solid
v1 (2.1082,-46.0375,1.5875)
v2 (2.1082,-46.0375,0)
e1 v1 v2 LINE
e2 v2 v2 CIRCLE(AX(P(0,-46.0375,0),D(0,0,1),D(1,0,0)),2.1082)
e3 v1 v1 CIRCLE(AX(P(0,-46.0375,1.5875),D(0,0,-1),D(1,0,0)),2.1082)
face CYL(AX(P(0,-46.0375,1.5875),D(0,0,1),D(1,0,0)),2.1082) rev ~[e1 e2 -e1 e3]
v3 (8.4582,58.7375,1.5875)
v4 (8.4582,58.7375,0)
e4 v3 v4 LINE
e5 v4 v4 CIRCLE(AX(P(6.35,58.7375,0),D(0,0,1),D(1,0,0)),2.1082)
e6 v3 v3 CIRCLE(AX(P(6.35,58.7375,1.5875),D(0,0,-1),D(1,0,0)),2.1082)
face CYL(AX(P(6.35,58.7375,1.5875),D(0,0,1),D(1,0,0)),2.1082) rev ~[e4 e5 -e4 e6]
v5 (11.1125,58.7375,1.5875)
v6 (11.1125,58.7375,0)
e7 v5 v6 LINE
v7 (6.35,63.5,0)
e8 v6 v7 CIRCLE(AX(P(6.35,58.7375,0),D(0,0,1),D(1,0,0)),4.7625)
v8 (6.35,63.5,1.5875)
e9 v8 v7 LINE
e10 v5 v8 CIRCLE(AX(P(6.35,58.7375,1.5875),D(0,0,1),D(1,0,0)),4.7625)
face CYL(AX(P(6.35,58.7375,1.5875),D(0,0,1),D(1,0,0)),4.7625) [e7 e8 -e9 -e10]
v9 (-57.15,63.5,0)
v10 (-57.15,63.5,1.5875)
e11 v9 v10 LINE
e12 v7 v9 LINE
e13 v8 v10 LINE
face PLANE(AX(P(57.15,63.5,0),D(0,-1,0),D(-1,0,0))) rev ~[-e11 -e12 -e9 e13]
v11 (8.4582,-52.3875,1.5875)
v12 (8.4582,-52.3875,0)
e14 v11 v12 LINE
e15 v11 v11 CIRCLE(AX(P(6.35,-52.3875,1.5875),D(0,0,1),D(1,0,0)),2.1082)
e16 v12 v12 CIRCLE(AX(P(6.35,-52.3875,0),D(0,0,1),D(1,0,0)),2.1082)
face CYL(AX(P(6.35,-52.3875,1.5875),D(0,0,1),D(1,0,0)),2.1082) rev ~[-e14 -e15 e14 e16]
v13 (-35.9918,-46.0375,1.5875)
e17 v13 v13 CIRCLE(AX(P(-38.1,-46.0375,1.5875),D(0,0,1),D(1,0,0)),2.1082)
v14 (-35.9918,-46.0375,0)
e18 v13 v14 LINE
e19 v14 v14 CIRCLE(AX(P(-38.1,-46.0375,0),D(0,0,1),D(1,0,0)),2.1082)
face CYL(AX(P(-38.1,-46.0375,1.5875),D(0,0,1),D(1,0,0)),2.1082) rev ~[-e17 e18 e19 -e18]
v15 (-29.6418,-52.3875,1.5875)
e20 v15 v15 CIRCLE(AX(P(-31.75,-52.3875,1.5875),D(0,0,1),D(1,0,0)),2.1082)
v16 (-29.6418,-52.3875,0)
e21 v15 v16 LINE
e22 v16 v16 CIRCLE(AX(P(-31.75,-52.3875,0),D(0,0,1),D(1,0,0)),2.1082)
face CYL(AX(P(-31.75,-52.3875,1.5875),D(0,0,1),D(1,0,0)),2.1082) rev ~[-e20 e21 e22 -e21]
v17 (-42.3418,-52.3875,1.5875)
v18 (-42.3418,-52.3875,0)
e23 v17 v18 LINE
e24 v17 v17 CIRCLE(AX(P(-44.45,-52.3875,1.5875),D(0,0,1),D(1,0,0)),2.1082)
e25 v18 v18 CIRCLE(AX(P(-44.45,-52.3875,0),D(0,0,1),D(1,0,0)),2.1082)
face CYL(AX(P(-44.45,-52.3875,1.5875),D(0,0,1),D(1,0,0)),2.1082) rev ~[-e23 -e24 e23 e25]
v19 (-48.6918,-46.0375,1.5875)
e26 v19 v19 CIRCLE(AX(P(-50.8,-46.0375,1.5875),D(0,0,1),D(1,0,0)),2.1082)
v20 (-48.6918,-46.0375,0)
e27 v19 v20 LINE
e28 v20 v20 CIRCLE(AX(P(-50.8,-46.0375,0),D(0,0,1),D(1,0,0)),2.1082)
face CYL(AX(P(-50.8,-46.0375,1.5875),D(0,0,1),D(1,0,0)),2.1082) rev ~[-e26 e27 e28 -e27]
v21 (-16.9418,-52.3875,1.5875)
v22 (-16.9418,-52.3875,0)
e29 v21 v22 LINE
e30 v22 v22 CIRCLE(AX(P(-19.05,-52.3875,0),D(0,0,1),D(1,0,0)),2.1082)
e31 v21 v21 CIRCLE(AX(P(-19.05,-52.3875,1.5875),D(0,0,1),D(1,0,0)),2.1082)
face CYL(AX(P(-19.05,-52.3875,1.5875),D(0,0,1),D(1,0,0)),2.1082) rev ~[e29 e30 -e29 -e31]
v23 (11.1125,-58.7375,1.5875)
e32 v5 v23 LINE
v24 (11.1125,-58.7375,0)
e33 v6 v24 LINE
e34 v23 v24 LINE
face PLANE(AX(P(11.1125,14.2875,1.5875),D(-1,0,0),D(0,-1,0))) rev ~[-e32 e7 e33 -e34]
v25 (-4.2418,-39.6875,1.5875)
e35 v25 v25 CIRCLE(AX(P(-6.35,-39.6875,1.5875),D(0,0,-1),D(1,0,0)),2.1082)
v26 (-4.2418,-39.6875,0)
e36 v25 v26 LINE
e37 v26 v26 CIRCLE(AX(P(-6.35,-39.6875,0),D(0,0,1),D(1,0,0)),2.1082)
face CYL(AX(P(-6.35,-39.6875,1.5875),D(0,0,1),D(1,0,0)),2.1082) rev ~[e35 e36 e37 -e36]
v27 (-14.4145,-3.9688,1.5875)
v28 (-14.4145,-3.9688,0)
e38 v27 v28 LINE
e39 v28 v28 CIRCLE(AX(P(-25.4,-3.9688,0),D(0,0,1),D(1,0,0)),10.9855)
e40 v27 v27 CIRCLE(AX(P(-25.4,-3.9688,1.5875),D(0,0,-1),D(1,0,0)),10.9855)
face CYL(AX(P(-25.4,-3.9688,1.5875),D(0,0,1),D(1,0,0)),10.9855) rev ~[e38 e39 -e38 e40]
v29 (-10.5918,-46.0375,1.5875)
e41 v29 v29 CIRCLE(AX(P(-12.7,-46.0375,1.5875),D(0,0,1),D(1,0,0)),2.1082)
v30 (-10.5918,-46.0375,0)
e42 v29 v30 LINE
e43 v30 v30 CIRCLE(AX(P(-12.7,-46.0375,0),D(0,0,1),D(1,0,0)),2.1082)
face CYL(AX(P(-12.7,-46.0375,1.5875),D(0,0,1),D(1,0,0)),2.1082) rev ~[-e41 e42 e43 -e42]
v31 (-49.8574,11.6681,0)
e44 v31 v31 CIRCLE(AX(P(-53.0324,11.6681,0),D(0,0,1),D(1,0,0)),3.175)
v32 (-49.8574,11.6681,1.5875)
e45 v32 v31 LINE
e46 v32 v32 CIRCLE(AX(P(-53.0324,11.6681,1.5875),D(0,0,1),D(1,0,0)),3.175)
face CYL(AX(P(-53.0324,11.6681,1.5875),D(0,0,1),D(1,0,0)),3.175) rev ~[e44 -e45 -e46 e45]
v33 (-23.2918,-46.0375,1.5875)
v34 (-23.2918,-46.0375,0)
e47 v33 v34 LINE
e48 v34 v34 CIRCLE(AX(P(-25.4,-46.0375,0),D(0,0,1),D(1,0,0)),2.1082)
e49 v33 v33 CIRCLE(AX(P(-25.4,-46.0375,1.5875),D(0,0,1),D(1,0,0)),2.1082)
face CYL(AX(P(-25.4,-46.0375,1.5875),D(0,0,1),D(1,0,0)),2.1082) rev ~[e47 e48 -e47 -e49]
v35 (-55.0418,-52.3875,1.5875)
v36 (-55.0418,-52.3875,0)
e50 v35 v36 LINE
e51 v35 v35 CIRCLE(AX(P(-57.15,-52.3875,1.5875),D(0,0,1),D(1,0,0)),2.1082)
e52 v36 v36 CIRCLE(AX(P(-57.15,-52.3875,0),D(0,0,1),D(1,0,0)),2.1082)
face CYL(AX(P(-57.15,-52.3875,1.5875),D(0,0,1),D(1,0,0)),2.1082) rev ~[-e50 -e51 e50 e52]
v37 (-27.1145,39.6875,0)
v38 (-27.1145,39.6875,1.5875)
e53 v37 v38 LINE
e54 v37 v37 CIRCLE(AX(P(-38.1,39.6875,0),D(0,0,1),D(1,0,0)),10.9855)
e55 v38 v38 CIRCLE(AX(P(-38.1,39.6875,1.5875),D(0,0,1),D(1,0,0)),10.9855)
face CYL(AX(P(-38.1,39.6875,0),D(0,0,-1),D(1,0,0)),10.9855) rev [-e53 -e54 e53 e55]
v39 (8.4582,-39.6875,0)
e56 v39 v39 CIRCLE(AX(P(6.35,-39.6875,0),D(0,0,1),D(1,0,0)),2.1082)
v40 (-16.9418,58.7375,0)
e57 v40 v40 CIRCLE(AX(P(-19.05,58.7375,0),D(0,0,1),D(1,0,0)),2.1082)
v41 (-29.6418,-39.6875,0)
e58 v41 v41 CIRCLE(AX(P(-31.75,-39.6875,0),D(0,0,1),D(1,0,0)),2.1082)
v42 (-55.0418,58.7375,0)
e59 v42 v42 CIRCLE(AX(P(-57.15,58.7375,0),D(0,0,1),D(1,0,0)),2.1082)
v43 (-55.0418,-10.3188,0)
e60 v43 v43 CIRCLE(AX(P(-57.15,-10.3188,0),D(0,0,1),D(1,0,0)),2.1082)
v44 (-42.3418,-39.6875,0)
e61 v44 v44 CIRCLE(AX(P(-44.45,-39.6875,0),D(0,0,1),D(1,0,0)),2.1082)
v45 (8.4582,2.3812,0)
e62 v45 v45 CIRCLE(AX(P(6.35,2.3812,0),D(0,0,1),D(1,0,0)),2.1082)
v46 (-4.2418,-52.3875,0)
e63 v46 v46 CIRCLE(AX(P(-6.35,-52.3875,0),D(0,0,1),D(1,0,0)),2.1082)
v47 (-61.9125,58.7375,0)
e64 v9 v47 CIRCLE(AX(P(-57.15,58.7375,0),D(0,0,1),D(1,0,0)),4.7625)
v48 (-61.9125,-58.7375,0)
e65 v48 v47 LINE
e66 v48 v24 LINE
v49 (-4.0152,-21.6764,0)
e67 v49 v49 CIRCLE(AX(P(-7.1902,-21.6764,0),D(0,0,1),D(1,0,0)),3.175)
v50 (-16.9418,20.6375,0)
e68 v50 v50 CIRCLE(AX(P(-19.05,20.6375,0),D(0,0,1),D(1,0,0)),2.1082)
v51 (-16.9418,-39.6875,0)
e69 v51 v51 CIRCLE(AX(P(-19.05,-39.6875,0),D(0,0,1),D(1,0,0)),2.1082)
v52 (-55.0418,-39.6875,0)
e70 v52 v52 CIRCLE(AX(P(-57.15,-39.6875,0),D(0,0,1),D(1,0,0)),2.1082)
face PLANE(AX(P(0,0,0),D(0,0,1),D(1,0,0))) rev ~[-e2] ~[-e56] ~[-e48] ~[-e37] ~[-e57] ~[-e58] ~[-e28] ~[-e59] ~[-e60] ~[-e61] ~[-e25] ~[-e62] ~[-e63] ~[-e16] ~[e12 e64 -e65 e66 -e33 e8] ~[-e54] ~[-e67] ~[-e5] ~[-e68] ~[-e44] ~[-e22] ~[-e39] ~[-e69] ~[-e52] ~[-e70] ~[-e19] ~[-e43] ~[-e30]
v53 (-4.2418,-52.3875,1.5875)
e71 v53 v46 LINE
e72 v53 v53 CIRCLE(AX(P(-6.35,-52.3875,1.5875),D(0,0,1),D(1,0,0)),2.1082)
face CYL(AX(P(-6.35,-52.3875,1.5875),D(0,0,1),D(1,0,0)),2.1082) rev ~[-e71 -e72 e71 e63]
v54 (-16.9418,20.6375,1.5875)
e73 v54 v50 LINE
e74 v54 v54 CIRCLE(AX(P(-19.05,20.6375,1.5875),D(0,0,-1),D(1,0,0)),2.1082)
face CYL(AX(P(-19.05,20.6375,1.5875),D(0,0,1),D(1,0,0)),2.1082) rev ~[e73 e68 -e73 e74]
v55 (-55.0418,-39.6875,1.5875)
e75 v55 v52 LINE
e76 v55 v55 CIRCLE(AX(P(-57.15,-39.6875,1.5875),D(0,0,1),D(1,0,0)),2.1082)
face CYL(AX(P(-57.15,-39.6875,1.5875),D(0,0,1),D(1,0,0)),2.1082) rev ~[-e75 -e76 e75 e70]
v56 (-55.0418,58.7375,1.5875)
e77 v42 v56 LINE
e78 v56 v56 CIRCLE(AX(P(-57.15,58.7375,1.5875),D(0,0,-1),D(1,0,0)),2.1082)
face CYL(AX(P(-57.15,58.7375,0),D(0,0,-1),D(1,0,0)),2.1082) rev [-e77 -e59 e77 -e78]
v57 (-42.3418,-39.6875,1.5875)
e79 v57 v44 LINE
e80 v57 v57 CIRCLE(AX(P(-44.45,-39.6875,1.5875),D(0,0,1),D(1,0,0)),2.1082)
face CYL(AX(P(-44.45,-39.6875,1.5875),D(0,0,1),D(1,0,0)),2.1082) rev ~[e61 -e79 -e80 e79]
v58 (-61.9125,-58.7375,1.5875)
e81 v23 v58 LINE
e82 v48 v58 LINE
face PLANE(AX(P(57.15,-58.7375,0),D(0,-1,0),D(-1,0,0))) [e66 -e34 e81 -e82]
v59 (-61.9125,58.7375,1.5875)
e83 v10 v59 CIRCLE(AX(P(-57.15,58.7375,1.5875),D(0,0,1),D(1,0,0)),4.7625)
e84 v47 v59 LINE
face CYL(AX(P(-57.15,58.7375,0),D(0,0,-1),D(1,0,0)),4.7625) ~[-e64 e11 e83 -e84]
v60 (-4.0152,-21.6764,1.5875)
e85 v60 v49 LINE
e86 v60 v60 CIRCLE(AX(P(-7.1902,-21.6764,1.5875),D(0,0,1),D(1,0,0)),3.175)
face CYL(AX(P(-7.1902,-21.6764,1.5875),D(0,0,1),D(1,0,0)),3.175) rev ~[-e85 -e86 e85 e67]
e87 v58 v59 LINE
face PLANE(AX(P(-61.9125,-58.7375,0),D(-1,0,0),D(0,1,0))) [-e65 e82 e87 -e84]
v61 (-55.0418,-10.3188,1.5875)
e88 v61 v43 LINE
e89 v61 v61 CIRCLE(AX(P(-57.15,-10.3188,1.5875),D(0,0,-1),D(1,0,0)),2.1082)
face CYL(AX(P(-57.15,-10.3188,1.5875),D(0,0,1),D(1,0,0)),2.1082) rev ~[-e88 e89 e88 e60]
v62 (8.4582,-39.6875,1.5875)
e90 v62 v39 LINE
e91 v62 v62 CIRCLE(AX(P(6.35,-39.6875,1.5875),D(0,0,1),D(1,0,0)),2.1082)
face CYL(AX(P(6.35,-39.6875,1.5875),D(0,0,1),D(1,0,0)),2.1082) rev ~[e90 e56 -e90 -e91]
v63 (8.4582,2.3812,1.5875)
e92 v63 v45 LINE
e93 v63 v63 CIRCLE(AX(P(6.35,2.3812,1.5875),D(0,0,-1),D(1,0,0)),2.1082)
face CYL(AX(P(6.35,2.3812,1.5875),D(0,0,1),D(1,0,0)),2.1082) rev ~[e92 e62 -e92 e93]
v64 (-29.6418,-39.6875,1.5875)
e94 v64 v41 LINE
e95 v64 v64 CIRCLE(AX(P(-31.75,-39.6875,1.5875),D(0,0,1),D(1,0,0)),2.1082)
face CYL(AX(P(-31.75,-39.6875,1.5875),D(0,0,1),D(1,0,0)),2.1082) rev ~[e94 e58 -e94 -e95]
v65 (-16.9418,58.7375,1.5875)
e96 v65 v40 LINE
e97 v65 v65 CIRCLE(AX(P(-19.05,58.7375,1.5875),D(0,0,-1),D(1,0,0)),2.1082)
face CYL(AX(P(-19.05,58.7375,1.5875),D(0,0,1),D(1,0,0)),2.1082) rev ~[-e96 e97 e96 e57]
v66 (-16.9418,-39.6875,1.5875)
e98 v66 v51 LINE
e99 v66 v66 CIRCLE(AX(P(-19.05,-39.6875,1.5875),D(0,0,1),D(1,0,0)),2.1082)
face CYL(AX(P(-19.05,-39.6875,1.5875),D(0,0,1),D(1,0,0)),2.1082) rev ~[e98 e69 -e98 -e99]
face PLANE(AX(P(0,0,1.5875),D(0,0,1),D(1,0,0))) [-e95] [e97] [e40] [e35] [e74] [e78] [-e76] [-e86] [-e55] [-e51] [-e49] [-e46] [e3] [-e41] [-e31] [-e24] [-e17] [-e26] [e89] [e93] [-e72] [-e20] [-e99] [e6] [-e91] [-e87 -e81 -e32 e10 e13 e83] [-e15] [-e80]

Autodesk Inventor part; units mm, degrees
ref_plane "YZ Plane" through (0, 0, 0) normal (1, 0, 0) x (0, 1, 0)
ref_plane "XZ Plane" through (0, 0, 0) normal (0, 1, 0) x (-1, 0, 0)
ref_plane "XY Plane" through (0, 0, 0) normal (0, 0, 1) x (1, 0, 0)
sketch "Sketch1" plane through (0, 0, 0) normal (0, 0, 1) x (1, 0, 0)
  line L0 (57.15, -58.7375) -> (-57.15, -58.7375)
  line L1 (-57.15, -58.7375) -> (-57.15, 58.7375)
  line L2 (-57.15, 58.7375) -> (57.15, 58.7375)
  line L3 (57.15, 58.7375) -> (57.15, -58.7375)
  line L4 (57.15, -58.7375) -> (-57.15, 58.7375) construction
  line L5 (-57.15, -58.7375) -> (57.15, 58.7375) construction
  line L6 (-57.15, 58.7375) -> (-19.05, 58.7375)
  line L7 (-19.05, 58.7375) -> (-19.05, 20.6375)
  line L8 (-19.05, 20.6375) -> (-57.15, 20.6375)
  line L9 (-57.15, 20.6375) -> (-57.15, 58.7375)
  circle A0 centre (-38.1, 39.6875) radius 19.05
  circle A1 centre (-57.15, 58.7375) radius 4.7625
  circle A2 centre (57.15, 58.7375) radius 4.7625
  line L10 (-57.15, -58.7375) -> (-61.9125, -58.7375)
  line L11 (-61.9125, -58.7375) -> (-61.9125, 58.7375)
  line L12 (57.15, -58.7375) -> (61.9125, -58.7375)
  line L13 (61.9125, -58.7375) -> (61.9125, 58.7375)
  line L14 (57.15, 63.5) -> (-57.15, 63.5)
  circle A3 centre (-38.1, 39.6875) radius 10.9855
  circle A4 centre (-57.15, 58.7375) radius 2.1082
  circle A5 centre (57.15, 58.7375) radius 2.1082
  point P0 (0, 0)
  dimension "d0" = 114.3
  dimension "d1" = 117.475
  dimension "d2" = 38.1
  dimension "d3" = 38.1
  dimension "d4" = 9.525
  dimension "d5" = 9.525
  dimension "d6" = 4.7625
  dimension "d7" = 4.7625
  dimension "d8" = 21.971
  dimension "d9" = 4.2164
  dimension "d10" = 4.2164
extrude "Extrusion1" add sketch "Sketch1" along normal blind 1.5875 contours L0 L1 L8 L7 L2 A2 L3 | L3 A2 L13 L12 | L10 L11 A1 L1 | A2 L2 A5 L3 | L3 A5 L2 A2 | L1 A0 L8 | L2 A1 L14 A2 | L1 A1 L2 A0 | A0 | A0 L7 L8 | A1 L2 A4 L1 | L7 A0 L2 | L1 A4 L2 A1
sketch "Sketch2" plane through (0, 0, 1.5875) normal (0, 0, 1) x (1, 0, 0)
  circle A0 centre (-38.1, 39.6875) radius 10.9855 projected
  line L0 (-38.1, 39.6875) -> (61.9125, 39.6875)
  line L1 (61.9125, -58.7375) -> (61.9125, 58.7375) projected
  circle A1 centre (-38.1, 39.6875) radius 6.35
  circle A2 centre (-12.7, 39.6875) radius 19.05
  circle A3 centre (38.1, 39.6875) radius 31.75
  circle A4 centre (-12.7, 39.6875) radius 10.9855
  circle A5 centre (38.1, 39.6875) radius 10.9855
  line L2 (-61.9125, 58.7375) -> (-61.9125, -58.7375) projected
  line L3 (-61.9125, -3.9688) -> (61.9125, -3.9688)
  line L4 (-38.1, 39.6875) -> (-12.7, 39.6875)
  line L5 (-25.4, 39.6875) -> (-25.4, -3.9688)
  circle A6 centre (-25.4, -3.9688) radius 10.9855
  line L6 (57.15, 63.5) -> (-57.15, 63.5) projected
  line L7 (-61.9125, -58.7375) -> (61.9125, -58.7375) projected
  line L8 (0, -58.7375) -> (0, 63.5)
  circle A7 centre (0, -46.0375) radius 19.05
  circle A8 centre (0, -46.0375) radius 2.1082
  point P0 (0, 0)
  dimension "d13" = 12.7
  dimension "d14" = 38.1
  dimension "d15" = 63.5
  dimension "d16" = 21.971
  dimension "d17" = 21.971
  dimension "d18" = 43.6562
  dimension "d19" = 21.971
  dimension "d20" = 25.4
  dimension "d21" = 38.1
  dimension "d22" = 12.7
  dimension "d23" = 4.2164
extrude "Extrusion2" cut sketch "Sketch2" against normal blind 1.5875 contours A4 L0 | L0 A4 | A6 L3 L5 | L5 L3 A6 | A5 L0 | L0 A5 | L3 A6 | A8 L8 | L8 A8
sketch "Sketch3" plane through (0, 0, 1.5875) normal (0, 0, 1) x (1, 0, 0)
  circle A0 centre (-25.4, -3.9688) radius 10.9855 projected
  circle A1 centre (-38.1, 39.6875) radius 10.9855 projected
  circle A2 centre (0, -46.0375) radius 2.1082 projected
  circle A3 centre (0, -46.0375) radius 19.05
  circle A4 centre (-25.4, -3.9688) radius 19.05
  circle A5 centre (-38.1, 39.6875) radius 19.05
  circle A6 centre (-53.0324, 11.6681) radius 12.7
  circle A7 centre (-7.1902, -21.6764) radius 6.35
  circle A8 centre (-53.0324, 11.6681) radius 3.175
  circle A9 centre (-7.1902, -21.6764) radius 3.175
  point P0 (0, 0)
  dimension "d26" = 38.1
  dimension "d27" = 38.1
  dimension "d28" = 38.1
  dimension "d29" = 25.4
  dimension "d30" = 12.7
  dimension "d31" = 6.35
  dimension "d32" = 6.35
extrude "Extrusion3" cut sketch "Sketch3" against normal blind 25.4 contours A8 | A9
sketch "Sketch4" plane through (0, 0, 1.5875) normal (0, 0, 1) x (1, 0, 0)
  circle A0 centre (0, -46.0375) radius 2.1082 projected
  line L0 (0, -46.0375) -> (-6.35, -46.0375)
  line L1 (-6.35, -46.0375) -> (-6.35, -39.6875)
  line L2 (-6.35, -39.6875) -> (0, -39.6875)
  line L3 (0, -39.6875) -> (0, -46.0375)
  circle A1 centre (-6.35, -39.6875) radius 2.1082
  line L4 (-61.9125, -58.7375) -> (61.9125, -58.7375) projected
  line L5 (-61.9125, 58.7375) -> (-61.9125, -58.7375) projected
  circle A2 centre (6.35, -39.6875) radius 2.1082
  circle A3 centre (19.05, -39.6875) radius 2.1082
  circle A4 centre (31.75, -39.6875) radius 2.1082
  circle A5 centre (44.45, -39.6875) radius 2.1082
  circle A6 centre (57.15, -39.6875) radius 2.1082
  circle A7 centre (-6.35, -52.3875) radius 2.1082
  circle A8 centre (6.35, -52.3875) radius 2.1082
  circle A9 centre (19.05, -52.3875) radius 2.1082
  circle A10 centre (31.75, -52.3875) radius 2.1082
  circle A11 centre (44.45, -52.3875) radius 2.1082
  circle A12 centre (57.15, -52.3875) radius 2.1082
  circle A13 centre (-19.05, -39.6875) radius 2.1082
  circle A14 centre (-31.75, -39.6875) radius 2.1082
  circle A15 centre (-44.45, -39.6875) radius 2.1082
  circle A16 centre (-57.15, -39.6875) radius 2.1082
  circle A17 centre (-6.35, -52.3875) radius 2.1082
  circle A18 centre (-19.05, -52.3875) radius 2.1082
  circle A19 centre (-31.75, -52.3875) radius 2.1082
  circle A20 centre (-44.45, -52.3875) radius 2.1082
  circle A21 centre (-57.15, -52.3875) radius 2.1082
  point P0 (0, 0)
  dimension "d35" = 6.35
  dimension "d36" = 6.35
  dimension "d37" = 4.2164
  dimension "d40" = 12.7
  dimension "d43" = 12.7
  dimension "d48" = 12.7
  dimension "d51" = 12.7
extrude "Extrusion4" cut sketch "Sketch4" against normal blind 25.4 contours A1 L1 L2 | L2 L1 A1 | A2 | A3 | A4 | A5 | A6 | A7 | A8 | A9 | A10 | A11 | A12 | A13 | A14 | A15 | A16 | A18 | A19 | A20 | A21
sketch "Sketch7" plane through (0, 0, 1.5875) normal (0, 0, 1) x (1, 0, 0)
  circle A0 centre (-12.7, 39.6875) radius 10.9855 projected
  line L0 (12.7, 14.2875) -> (-38.1, 14.2875)
  line L1 (-38.1, 14.2875) -> (-38.1, 65.0875)
  line L2 (-38.1, 65.0875) -> (12.7, 65.0875)
  line L3 (12.7, 65.0875) -> (12.7, 14.2875)
  line L4 (12.7, 14.2875) -> (-38.1, 65.0875) construction
  line L5 (-38.1, 14.2875) -> (12.7, 65.0875) construction
  circle A1 centre (-38.1, 39.6875) radius 10.9855 projected
  circle A2 centre (-57.15, 58.7375) radius 2.1082 projected
  line L6 (-31.75, 20.6375) -> (6.35, 20.6375)
  line L7 (6.35, 20.6375) -> (6.35, 58.7375)
  line L8 (6.35, 58.7375) -> (-31.75, 58.7375)
  line L9 (-31.75, 58.7375) -> (-31.75, 20.6375)
  line L10 (-31.75, 20.6375) -> (6.35, 58.7375) construction
  line L11 (6.35, 20.6375) -> (-31.75, 58.7375) construction
  circle A3 centre (6.35, 58.7375) radius 2.1082
  circle A4 centre (6.35, 58.7375) radius 4.7625
  line L12 (11.1125, 58.7375) -> (11.1125, -58.7375)
  line L13 (-61.9125, -58.7375) -> (61.9125, -58.7375) projected
  line L14 (-61.9125, -58.7375) -> (61.9125, -58.7375) projected
  circle A5 centre (-25.4, -3.9688) radius 10.9855 projected
  circle A6 centre (-25.4, -3.9688) radius 2.1082
  line L15 (-25.4, -3.9688) -> (-31.75, -3.9688)
  line L16 (-31.75, -3.9688) -> (-31.75, 2.3812)
  line L17 (-31.75, 2.3812) -> (-25.4, 2.3812)
  line L18 (-25.4, 2.3812) -> (-25.4, -3.9688)
  circle A7 centre (-31.75, 2.3812) radius 2.1082
  circle A8 centre (-38.1, -3.9688) radius 2.1082
  circle A9 centre (-50.8, -3.9688) radius 2.1082
  circle A10 centre (-12.7, -3.9688) radius 2.1082
  circle A11 centre (-25.4, -3.9688) radius 2.1082
  circle A12 centre (-38.1, -3.9688) radius 2.1082
  circle A13 centre (0, -3.9688) radius 2.1082
  circle A14 centre (-12.7, -3.9688) radius 2.1082
  circle A15 centre (-25.4, -3.9688) radius 2.1082
  circle A16 centre (-44.45, 2.3812) radius 2.1082
  circle A17 centre (-57.15, 2.3812) radius 2.1082
  circle A18 centre (-31.75, -10.3188) radius 2.1082
  circle A19 centre (-44.45, -10.3188) radius 2.1082
  circle A20 centre (-57.15, -10.3188) radius 2.1082
  circle A21 centre (-19.05, 2.3812) radius 2.1082
  circle A22 centre (-6.35, 2.3812) radius 2.1082
  circle A23 centre (6.35, 2.3812) radius 2.1082
  circle A24 centre (-31.75, -10.3188) radius 2.1082
  circle A25 centre (-19.05, -10.3188) radius 2.1082
  circle A26 centre (-6.35, -10.3188) radius 2.1082
  circle A27 centre (6.35, -10.3188) radius 2.1082
  line L19 (57.15, 63.5) -> (-57.15, 63.5) projected
  line L20 (61.9125, -58.7375) -> (61.9125, 58.7375) projected
  line L21 (11.1125, 58.7375) -> (61.9125, 58.7375)
  line L22 (61.9125, 58.7375) -> (61.9125, -58.7375)
  line L23 (61.9125, -58.7375) -> (11.1125, -58.7375)
  line L24 (11.1125, -58.7375) -> (11.1125, 58.7375)
  line L25 (61.9125, -58.7375) -> (61.9125, 58.7375) projected
  arc A28 (61.9125, 58.7375) -> (57.15, 63.5) centre (57.15, 58.7375) ccw projected
  point P0 (0, 0)
  point P1 (6.35, 63.5)
  dimension "d71" = 9.525
  dimension "d66" = 50.8
  dimension "d67" = 50.8
  dimension "d68" = 38.1
  dimension "d69" = 38.1
  dimension "d70" = 4.2164
  dimension "d72" = 4.2164
  dimension "d73" = 6.35
  dimension "d74" = 6.35
  dimension "d75" = 4.2164
  dimension "d78" = 12.7
  dimension "d81" = 12.7
  dimension "d86" = 12.7
  dimension "d89" = 12.7
  dimension "d94" = 12.7
  dimension "d97" = 12.7
extrude "Extrusion6" cut sketch "Sketch7" against normal blind 25.4 contours L3 L21 L20 L13 L12 L0 | L0 L12 L21 L3 | L21 A4 L19 L3 | L3 L19 A28 L21 | A3 L8 L7 | L7 L8 A3
sketch "Sketch9" plane through (0, 0, 1.5875) normal (0, 0, 1) x (1, 0, 0)
  circle A0 centre (0, -46.0375) radius 2.1082 projected
  circle A1 centre (0, -46.0375) radius 2.1082
  line L0 (-61.9125, -58.7375) -> (11.1125, -58.7375) projected
  circle A2 centre (-12.7, -46.0375) radius 2.1082
  circle A3 centre (-25.4, -46.0375) radius 2.1082
  circle A4 centre (-38.1, -46.0375) radius 2.1082
  circle A5 centre (-50.8, -46.0375) radius 2.1082
  point P0 (0, 0)
  dimension "d117" = 12.7
extrude "Extrusion8" cut sketch "Sketch9" against normal blind 25.4
sketch "Sketch10" plane through (0, 0, 1.5875) normal (0, 0, 1) x (1, 0, 0)
  circle A0 centre (-12.7, 39.6875) radius 10.9855 projected
  point P0 (0, 0)
extrude "Extrusion9" add sketch "Sketch10" against normal blind 1.5875
sketch "Sketch11" plane through (0, 0, 1.5875) normal (0, 0, 1) x (1, 0, 0)
  circle A0 centre (-25.4, -3.9688) radius 10.9855 projected
  line L0 (-25.4, -3.9688) -> (-57.15, -3.9688)
  line L1 (-57.15, -3.9688) -> (-57.15, -10.3188)
  line L2 (-57.15, -10.3188) -> (-25.4, -10.3188)
  line L3 (-25.4, -10.3188) -> (-25.4, -3.9688)
  circle A1 centre (-57.15, -10.3188) radius 2.1082
  point P0 (0, 0)
  dimension "d126" = 31.75
  dimension "d127" = 6.35
  dimension "d128" = 4.2164
extrude "Extrusion10" cut sketch "Sketch11" against normal blind 1.5875 contours A1 L1 L2 | L2 L1 A1
sketch "Sketch12" plane through (0, 0, 1.5875) normal (0, 0, 1) x (1, 0, 0)
  circle A0 centre (-38.1, 39.6875) radius 10.9855 projected
  line L0 (-57.15, 58.7375) -> (-19.05, 58.7375)
  line L1 (-19.05, 58.7375) -> (-19.05, 20.6375)
  line L2 (-19.05, 20.6375) -> (-57.15, 20.6375)
  line L3 (-57.15, 20.6375) -> (-57.15, 58.7375)
  line L4 (-57.15, 58.7375) -> (-19.05, 20.6375) construction
  line L5 (-19.05, 58.7375) -> (-57.15, 20.6375) construction
  circle A1 centre (-19.05, 58.7375) radius 2.1082
  circle A2 centre (-19.05, 20.6375) radius 2.1082
  point P0 (0, 0)
  dimension "d131" = 38.1
  dimension "d132" = 38.1
  dimension "d133" = 4.2164
  dimension "d134" = 4.2164
extrude "Extrusion11" cut sketch "Sketch12" against normal blind 1.5875 contours A1 L1 L0 | L0 L1 A1 | A2 L1 L2 | L2 L1 A2
sketch "Sketch13" plane through (0, 0, 1.5875) normal (0, 0, 1) x (1, 0, 0)
  circle A0 centre (-25.4, -3.9688) radius 10.9855 projected
  line L0 (-25.4, -3.9688) -> (6.35, -3.9688)
  line L1 (6.35, -3.9688) -> (6.35, 2.3812)
  line L2 (6.35, 2.3812) -> (-25.4, 2.3812)
  line L3 (-25.4, 2.3812) -> (-25.4, -3.9688)
  circle A1 centre (6.35, 2.3812) radius 2.1082
  point P0 (0, 0)
  dimension "d137" = 31.75
  dimension "d138" = 6.35
  dimension "d139" = 4.2164
extrude "Extrusion12" cut sketch "Sketch13" against normal blind 1.5875 contours A1 L1 L2 | L2 L1 A1
properties part number "POM 1" material "Acetal Resin, Black"
